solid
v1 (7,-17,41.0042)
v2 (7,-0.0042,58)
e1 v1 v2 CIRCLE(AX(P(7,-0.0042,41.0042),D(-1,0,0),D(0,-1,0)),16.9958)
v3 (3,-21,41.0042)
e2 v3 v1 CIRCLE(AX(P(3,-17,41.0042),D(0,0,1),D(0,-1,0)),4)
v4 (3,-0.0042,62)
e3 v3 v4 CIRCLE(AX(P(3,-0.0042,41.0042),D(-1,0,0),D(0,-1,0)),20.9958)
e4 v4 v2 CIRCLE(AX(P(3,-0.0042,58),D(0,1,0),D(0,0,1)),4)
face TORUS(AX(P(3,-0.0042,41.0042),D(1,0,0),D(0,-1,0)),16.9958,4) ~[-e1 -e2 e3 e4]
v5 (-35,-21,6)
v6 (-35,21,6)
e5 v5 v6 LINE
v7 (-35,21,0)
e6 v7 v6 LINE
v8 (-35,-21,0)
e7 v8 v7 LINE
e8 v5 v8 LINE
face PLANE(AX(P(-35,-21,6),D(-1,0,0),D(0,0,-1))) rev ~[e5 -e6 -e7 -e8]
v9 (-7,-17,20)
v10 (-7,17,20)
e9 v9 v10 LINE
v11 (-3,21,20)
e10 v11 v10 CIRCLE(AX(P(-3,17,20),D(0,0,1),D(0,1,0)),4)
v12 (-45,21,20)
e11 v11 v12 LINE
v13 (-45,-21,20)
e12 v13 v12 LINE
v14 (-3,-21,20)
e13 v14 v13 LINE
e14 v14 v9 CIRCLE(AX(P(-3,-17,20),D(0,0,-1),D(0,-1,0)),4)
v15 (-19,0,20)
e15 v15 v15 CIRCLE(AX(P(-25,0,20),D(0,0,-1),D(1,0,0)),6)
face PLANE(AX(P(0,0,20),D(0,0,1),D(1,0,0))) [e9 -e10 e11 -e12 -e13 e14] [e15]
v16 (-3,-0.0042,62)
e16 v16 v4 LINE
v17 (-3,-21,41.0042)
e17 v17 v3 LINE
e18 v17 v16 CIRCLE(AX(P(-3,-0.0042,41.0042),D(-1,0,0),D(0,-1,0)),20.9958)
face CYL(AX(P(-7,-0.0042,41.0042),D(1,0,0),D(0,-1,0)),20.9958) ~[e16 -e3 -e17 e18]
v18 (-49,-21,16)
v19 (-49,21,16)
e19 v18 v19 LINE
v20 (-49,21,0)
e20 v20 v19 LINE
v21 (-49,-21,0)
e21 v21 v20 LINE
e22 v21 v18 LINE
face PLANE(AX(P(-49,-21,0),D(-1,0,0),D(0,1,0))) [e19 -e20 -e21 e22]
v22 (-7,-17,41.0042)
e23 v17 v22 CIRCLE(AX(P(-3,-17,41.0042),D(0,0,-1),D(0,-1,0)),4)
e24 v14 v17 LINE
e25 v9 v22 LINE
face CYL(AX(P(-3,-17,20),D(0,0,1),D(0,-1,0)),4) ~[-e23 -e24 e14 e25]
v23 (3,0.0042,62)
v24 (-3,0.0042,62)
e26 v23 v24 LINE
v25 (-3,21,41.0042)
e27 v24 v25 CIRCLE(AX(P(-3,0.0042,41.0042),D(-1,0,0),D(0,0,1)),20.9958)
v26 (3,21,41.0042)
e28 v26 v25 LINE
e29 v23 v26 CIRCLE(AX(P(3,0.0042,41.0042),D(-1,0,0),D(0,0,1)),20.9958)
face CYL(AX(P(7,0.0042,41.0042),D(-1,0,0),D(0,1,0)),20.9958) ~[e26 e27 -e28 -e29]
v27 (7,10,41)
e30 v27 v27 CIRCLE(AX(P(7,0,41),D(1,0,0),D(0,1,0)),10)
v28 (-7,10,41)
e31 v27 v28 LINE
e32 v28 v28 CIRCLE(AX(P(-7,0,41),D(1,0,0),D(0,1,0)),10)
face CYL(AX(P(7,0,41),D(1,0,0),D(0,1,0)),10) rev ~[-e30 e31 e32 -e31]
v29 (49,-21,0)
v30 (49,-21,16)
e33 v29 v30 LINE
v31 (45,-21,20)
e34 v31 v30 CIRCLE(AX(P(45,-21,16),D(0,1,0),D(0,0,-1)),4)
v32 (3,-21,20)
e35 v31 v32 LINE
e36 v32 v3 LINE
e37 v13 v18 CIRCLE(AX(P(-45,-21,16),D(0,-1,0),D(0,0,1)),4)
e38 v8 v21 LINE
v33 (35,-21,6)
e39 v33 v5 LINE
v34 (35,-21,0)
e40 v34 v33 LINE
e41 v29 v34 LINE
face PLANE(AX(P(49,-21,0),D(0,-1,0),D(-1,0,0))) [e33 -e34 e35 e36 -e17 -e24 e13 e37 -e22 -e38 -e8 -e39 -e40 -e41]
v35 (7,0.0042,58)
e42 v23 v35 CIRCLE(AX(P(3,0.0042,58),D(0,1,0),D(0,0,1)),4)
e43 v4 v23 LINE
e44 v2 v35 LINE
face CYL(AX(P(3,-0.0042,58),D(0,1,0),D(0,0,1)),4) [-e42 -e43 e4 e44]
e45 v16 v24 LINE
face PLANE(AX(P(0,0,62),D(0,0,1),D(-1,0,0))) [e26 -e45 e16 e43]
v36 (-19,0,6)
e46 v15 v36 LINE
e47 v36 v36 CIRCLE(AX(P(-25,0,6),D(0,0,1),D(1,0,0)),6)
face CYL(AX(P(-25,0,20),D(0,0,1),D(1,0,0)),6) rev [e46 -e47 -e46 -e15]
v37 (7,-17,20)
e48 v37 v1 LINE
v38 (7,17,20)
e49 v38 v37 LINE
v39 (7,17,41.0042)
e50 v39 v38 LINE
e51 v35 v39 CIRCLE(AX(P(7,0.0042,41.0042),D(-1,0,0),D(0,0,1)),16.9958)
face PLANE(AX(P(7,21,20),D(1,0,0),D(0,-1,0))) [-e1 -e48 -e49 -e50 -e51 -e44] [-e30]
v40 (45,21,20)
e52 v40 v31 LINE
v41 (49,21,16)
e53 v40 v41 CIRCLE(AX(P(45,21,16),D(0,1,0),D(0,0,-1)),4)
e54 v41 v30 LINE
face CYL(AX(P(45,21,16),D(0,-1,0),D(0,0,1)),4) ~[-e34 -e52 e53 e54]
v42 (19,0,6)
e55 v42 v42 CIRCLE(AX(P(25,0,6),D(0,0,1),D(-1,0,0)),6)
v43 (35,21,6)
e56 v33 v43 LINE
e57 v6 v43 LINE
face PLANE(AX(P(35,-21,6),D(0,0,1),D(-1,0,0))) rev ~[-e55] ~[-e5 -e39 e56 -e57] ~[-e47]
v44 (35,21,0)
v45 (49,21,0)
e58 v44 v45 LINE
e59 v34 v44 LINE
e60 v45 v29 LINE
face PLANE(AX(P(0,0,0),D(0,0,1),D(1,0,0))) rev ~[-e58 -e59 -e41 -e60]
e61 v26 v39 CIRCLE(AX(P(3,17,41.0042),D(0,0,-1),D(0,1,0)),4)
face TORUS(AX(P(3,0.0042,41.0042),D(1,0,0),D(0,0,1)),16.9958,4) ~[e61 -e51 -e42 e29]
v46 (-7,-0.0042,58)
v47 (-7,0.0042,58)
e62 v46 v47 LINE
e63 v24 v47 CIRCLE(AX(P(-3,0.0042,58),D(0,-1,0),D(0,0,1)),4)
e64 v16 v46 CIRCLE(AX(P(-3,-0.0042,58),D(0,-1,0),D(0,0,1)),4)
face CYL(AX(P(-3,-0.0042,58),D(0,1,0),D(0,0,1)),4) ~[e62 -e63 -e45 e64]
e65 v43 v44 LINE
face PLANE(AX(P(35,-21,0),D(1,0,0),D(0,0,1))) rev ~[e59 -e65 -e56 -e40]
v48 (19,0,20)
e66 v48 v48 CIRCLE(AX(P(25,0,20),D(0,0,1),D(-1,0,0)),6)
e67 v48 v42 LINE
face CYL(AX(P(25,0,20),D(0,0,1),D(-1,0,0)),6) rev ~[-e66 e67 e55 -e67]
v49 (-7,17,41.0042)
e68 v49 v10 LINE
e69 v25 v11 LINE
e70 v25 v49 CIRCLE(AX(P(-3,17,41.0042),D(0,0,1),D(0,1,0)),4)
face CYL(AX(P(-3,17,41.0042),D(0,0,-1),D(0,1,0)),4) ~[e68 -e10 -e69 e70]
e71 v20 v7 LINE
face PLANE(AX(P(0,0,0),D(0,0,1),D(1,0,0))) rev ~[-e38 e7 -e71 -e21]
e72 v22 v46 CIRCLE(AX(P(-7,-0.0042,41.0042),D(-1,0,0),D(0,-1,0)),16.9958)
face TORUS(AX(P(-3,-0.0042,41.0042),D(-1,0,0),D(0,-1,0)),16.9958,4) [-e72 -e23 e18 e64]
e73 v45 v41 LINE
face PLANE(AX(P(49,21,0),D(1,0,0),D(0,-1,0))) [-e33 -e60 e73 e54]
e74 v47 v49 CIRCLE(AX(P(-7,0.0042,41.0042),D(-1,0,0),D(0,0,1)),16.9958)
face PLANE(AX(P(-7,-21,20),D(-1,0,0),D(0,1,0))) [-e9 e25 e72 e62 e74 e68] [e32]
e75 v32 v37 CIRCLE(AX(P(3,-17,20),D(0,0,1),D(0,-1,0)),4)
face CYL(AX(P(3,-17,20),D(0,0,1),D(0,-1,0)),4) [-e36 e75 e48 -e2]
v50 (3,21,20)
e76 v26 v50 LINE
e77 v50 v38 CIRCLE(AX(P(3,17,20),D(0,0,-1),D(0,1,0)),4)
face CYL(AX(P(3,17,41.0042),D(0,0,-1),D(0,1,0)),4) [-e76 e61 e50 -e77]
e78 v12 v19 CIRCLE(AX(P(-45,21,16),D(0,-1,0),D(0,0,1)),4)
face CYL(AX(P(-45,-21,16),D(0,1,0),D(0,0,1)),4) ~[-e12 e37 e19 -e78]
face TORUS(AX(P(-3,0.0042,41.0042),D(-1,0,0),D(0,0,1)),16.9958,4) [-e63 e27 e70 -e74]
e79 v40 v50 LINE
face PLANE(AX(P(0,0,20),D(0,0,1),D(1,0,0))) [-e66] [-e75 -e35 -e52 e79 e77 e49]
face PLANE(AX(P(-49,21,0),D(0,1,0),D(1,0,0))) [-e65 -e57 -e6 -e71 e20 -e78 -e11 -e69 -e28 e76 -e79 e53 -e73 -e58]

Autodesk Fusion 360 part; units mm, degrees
sketch "Sketch1" plane through (0, 0, 0) normal (0, 0, 1) x (1, 0, 0)
  line L0 (49, -21) -> (-49, -21)
  line L1 (-49, -21) -> (-49, 21)
  line L2 (-49, 21) -> (49, 21)
  line L3 (49, 21) -> (49, -21)
  line L4 (49, -21) -> (-49, 21) construction
  line L5 (-49, -21) -> (49, 21) construction
  dimension "d1" = 98
  dimension "d2" = 42
extrude "Extrude1" add sketch "Sketch1" along normal blind 20
sketch "Sketch2" plane through (0, -21, 0) normal (0, -1, 0) x (1, 0, 0)
  line L0 (-49, 0) -> (49, 0)
  line L1 (49, 0) -> (49, 20)
  line L2 (49, 20) -> (-49, 20)
  line L3 (-49, 20) -> (-49, 0)
  line L4 (-35, 0) -> (35, 0)
  line L5 (35, 0) -> (35, 6)
  line L6 (35, 6) -> (-35, 6)
  line L7 (-35, 6) -> (-35, 0)
  dimension "d5" = 6
  dimension "d6" = 14
  dimension "d7" = 14
extrude "Extrude2" cut sketch "Sketch2" against normal through all contours L0 L4 L5 L6 L7
sketch "Sketch3" plane through (0, 0, 20) normal (0, 0, 1) x (-1, 0, 0)
  line L0 (-49, -21) -> (49, -21)
  line L1 (49, -21) -> (49, 21)
  line L2 (49, 21) -> (-49, 21)
  line L3 (-49, 21) -> (-49, -21)
  line L4 (-7, 21) -> (7, 21)
  line L5 (7, 21) -> (7, -21)
  line L6 (7, -21) -> (-7, -21)
  line L7 (-7, -21) -> (-7, 21)
  line L8 (-7, 21) -> (7, -21) construction
  line L9 (7, 21) -> (-7, -21) construction
  dimension "d9" = 14
  dimension "d10" = 42
extrude "Extrude3" add sketch "Sketch3" along normal blind 42 contours L0 L2 L4 L5 L6 L7
fillet "Fillet1" radius 21 2 edges at (0, -21, 62) (0, 21, 62)
sketch "Sketch4" plane through (7, 0, 0) normal (1, 0, 0) x (0, 1, 0)
  arc A0 (21, 41) -> (-21, 41) centre (0, 41) ccw
  line L0 (-21, 41) -> (-21, 20)
  line L1 (-21, 20) -> (21, 20)
  line L2 (21, 20) -> (21, 41)
  circle A1 centre (0, 41) radius 10
  dimension "d15" = 20
extrude "Extrude4" cut sketch "Sketch4" against normal through all contours A1
sketch "Sketch5" plane through (0, 0, 20) normal (0, 0, 1) x (-1, 0, 0)
  line L0 (-7, -21) -> (-7, 21)
  line L1 (-7, 21) -> (-49, 21)
  line L2 (-49, 21) -> (-49, -21)
  line L3 (-49, -21) -> (-7, -21)
  circle A0 centre (-25, 0) radius 6
  dimension "d17" = 12
extrude "Extrude5" cut sketch "Sketch5" against normal through all contours A0
mirror "Mirror1" about plane through (0, 0, 0) normal (1, 0, 0) of "Extrude5"
fillet "Fillet2" radius 4 8 edges at (-49, 0, 20) (-7, -21, 30.5) (-7, 0, 62) (-7, 21, 30.5) (7, -21, 30.5) (7, 0, 62) (7, 21, 30.5) (49, 0, 20)
